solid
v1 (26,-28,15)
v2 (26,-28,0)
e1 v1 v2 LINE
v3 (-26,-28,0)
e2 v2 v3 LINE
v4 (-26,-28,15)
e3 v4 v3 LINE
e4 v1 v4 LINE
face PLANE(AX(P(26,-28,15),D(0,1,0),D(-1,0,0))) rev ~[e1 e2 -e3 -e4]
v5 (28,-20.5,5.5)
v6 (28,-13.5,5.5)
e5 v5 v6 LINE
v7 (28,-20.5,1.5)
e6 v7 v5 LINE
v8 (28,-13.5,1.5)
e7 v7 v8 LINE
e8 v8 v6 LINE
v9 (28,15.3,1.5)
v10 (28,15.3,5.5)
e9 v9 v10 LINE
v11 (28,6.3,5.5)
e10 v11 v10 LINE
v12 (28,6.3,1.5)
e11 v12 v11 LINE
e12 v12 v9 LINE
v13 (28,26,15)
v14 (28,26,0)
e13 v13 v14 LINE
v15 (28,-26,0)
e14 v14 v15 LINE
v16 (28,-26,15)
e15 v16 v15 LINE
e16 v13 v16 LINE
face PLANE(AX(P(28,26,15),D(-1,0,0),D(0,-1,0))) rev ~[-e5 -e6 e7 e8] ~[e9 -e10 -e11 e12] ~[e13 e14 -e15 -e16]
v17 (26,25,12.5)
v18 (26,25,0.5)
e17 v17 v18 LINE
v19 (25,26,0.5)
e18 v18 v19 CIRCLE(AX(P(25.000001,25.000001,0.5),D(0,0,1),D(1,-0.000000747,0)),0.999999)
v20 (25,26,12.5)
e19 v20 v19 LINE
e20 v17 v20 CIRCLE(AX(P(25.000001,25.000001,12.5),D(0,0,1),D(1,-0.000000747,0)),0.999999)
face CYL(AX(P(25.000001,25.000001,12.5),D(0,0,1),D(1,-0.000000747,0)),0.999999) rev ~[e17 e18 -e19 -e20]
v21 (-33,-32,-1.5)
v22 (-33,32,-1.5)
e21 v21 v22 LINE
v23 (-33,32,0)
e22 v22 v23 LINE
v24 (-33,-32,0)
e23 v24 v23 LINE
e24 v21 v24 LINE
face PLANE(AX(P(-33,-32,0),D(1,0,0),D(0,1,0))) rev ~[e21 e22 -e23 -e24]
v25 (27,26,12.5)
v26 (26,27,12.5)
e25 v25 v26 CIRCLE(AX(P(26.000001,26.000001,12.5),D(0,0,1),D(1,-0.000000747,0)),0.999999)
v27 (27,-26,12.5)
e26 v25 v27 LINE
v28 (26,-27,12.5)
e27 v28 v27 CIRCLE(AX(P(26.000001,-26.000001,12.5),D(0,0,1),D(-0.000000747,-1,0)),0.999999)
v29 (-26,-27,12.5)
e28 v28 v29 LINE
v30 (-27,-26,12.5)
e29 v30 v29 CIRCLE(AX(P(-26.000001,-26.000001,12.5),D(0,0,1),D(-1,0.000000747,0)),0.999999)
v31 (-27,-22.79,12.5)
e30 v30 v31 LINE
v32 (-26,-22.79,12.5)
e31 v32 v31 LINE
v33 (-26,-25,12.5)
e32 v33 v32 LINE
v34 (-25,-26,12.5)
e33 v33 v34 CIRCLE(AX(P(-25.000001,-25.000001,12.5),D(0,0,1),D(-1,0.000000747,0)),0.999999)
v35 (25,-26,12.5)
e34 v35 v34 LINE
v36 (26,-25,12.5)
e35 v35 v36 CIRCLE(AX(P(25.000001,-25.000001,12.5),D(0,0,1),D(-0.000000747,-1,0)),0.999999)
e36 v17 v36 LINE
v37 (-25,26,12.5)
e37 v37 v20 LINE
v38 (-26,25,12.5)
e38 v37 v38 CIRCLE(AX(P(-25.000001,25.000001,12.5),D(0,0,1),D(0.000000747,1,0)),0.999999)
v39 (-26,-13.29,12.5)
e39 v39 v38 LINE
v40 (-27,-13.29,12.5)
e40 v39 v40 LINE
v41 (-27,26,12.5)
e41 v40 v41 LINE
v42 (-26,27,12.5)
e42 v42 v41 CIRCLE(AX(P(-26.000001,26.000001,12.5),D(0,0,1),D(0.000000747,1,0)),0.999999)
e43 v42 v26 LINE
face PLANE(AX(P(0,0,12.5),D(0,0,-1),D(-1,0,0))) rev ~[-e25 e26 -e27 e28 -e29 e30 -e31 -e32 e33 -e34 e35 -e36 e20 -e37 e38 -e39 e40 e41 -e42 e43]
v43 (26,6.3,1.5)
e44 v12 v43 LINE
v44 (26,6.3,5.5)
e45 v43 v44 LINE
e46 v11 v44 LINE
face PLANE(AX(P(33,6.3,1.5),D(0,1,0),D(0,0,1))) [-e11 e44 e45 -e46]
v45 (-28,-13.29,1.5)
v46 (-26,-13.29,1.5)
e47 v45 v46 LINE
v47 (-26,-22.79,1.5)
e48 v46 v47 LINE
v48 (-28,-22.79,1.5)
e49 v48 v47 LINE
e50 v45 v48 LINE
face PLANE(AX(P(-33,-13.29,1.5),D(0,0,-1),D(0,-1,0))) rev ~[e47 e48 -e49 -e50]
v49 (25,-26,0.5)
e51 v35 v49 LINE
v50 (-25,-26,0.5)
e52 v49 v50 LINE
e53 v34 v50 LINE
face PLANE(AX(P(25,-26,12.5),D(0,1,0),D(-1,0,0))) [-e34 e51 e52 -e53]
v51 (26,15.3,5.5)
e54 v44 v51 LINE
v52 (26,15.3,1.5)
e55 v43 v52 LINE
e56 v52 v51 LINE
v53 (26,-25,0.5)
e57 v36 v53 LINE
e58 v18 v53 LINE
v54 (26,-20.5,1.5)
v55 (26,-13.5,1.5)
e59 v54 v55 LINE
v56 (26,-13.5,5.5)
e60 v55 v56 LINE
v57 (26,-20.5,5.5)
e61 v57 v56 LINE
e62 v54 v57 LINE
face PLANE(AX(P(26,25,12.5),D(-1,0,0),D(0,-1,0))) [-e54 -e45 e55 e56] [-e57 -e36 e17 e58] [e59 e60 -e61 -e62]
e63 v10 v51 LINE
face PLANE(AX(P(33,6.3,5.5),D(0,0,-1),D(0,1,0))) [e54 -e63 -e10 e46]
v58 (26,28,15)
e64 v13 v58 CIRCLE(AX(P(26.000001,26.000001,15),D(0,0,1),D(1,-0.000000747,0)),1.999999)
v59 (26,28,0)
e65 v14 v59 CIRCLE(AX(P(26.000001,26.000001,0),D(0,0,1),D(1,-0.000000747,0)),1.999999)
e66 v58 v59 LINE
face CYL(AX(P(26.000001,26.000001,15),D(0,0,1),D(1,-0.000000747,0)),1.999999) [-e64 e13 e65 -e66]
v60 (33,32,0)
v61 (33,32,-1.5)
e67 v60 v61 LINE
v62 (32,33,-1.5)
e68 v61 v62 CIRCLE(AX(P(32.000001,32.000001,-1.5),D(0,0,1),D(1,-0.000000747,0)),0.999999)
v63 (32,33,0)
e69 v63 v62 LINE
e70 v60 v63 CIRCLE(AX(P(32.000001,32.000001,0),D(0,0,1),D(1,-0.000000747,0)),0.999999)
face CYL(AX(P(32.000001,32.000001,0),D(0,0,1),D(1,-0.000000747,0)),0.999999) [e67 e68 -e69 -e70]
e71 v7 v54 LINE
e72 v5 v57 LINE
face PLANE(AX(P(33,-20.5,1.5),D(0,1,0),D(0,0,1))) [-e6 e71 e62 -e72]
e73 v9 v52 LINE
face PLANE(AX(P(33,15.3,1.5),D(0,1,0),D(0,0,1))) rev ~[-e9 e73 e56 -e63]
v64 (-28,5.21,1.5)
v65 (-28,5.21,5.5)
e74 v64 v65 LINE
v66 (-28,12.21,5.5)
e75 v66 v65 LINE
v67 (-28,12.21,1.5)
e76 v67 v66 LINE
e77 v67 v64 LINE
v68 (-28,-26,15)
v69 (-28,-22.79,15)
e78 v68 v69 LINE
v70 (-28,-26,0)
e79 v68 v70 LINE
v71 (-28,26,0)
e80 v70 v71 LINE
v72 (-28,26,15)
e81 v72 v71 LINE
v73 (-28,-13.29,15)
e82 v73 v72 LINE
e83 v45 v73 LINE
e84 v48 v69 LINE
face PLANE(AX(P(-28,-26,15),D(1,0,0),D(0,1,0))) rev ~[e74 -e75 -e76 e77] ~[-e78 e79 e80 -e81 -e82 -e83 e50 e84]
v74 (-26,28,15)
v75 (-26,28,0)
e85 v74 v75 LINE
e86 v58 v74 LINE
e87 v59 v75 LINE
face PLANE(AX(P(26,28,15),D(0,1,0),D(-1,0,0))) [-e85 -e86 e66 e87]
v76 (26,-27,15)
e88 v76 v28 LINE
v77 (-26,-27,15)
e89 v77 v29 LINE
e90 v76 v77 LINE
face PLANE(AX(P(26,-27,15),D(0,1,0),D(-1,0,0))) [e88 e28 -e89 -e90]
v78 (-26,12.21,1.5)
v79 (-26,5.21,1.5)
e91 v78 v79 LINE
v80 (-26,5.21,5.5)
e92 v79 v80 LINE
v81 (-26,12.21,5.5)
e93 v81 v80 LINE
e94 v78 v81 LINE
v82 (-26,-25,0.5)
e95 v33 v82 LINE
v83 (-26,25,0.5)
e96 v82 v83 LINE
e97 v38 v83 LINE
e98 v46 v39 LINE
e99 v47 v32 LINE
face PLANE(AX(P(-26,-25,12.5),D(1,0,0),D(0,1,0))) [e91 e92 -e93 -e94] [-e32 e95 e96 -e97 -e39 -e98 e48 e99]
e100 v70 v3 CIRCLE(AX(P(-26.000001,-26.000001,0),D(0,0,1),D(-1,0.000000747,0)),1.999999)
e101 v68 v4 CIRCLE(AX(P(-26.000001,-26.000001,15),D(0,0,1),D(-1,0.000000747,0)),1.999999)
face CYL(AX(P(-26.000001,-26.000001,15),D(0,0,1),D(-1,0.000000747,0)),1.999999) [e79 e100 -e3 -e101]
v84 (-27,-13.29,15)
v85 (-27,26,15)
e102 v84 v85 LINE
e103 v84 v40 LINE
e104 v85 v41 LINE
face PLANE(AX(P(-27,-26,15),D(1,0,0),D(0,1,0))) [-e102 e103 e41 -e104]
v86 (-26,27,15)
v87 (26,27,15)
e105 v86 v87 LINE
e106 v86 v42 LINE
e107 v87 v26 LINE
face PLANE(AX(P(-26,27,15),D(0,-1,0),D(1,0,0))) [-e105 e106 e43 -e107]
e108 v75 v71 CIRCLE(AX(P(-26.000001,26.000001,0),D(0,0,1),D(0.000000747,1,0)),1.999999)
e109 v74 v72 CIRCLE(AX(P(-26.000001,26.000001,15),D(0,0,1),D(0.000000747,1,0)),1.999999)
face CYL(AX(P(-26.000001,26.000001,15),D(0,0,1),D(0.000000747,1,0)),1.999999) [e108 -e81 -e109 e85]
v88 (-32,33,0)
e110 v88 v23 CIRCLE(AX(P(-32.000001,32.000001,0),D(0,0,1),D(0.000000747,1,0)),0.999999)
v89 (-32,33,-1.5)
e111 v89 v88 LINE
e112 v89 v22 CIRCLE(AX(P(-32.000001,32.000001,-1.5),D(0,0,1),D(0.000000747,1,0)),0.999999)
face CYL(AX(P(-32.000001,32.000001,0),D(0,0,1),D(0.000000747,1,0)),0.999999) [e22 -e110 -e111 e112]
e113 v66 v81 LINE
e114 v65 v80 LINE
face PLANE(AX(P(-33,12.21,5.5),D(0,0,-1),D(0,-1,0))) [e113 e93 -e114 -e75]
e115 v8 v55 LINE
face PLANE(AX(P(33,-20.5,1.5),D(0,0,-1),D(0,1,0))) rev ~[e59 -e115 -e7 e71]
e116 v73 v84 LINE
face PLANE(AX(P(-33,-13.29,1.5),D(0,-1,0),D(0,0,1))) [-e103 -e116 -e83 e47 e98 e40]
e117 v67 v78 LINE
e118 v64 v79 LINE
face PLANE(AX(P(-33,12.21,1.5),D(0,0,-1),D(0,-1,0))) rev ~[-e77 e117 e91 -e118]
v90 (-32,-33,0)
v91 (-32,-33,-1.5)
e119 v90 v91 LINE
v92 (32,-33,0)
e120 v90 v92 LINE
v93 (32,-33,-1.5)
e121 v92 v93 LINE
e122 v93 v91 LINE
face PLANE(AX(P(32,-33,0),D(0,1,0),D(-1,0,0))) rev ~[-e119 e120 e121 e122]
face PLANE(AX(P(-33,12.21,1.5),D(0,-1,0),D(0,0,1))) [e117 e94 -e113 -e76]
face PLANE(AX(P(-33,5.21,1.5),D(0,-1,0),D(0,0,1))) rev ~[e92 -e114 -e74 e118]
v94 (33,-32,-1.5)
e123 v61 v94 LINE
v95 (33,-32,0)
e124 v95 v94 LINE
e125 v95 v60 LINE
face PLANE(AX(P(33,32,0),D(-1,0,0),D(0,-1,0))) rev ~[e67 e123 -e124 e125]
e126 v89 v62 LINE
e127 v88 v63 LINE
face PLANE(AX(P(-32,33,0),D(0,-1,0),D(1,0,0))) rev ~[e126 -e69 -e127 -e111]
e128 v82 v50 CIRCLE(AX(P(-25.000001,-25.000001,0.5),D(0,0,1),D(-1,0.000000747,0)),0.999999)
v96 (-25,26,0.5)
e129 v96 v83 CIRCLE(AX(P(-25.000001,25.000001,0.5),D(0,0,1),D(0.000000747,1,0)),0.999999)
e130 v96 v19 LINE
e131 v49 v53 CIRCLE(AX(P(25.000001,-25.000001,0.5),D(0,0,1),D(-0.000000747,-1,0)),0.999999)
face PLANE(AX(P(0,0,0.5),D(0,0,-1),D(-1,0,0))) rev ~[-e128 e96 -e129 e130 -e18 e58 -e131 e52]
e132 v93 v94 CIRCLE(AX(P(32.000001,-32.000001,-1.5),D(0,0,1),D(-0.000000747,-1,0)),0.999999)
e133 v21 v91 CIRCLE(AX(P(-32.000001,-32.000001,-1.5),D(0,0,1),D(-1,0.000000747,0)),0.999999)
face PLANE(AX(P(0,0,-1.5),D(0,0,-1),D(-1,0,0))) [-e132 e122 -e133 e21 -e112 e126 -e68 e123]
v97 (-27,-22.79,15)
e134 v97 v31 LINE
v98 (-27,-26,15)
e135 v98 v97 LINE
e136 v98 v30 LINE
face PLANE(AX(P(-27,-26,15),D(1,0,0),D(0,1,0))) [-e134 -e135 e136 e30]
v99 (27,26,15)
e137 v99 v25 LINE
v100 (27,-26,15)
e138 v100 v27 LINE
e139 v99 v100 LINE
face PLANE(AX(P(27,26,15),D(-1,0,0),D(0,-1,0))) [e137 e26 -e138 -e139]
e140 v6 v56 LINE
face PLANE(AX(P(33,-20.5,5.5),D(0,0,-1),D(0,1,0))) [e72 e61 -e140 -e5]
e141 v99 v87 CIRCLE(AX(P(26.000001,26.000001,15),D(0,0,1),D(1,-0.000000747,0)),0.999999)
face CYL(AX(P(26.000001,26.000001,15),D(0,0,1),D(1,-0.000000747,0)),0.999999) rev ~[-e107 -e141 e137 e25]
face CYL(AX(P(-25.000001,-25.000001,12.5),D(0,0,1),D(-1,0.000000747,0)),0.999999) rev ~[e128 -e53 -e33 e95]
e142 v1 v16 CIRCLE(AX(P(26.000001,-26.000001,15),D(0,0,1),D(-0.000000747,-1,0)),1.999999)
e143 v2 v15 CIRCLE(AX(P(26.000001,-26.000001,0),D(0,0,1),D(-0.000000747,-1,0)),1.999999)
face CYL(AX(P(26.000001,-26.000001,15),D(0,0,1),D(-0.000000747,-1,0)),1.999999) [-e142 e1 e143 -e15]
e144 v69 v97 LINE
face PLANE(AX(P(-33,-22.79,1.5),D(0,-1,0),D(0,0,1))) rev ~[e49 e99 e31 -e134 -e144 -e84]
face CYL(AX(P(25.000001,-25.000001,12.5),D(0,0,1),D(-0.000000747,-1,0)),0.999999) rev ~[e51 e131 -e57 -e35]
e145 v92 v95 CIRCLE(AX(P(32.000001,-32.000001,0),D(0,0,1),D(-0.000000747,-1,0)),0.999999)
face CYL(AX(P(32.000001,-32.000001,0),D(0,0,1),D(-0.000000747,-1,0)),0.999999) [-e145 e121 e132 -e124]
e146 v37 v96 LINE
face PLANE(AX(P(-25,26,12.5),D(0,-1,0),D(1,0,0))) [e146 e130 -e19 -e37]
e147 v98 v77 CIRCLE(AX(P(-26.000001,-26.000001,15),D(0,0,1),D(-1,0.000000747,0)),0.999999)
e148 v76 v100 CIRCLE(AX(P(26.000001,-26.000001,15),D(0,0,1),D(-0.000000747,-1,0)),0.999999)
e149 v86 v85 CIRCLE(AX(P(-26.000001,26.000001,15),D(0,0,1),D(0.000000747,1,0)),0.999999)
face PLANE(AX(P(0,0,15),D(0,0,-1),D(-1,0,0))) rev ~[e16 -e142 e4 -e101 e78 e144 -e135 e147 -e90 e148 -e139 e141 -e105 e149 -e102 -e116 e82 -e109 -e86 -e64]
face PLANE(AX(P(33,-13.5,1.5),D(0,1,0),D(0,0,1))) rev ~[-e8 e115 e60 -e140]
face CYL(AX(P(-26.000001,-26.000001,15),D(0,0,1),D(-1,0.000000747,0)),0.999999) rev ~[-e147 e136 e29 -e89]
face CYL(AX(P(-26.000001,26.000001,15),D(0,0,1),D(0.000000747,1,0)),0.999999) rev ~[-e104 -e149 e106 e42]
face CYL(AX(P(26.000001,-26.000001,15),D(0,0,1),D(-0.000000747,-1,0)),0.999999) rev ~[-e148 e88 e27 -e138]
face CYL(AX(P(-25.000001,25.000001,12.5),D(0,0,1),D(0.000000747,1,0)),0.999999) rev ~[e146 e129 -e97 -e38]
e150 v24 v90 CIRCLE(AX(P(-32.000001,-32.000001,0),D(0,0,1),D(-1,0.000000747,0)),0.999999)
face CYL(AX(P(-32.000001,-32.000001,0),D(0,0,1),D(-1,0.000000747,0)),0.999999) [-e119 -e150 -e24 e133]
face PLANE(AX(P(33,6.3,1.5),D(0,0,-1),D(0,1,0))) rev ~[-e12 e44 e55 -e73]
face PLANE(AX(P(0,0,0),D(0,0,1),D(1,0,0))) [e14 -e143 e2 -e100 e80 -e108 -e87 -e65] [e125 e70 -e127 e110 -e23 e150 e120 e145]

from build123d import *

# Parameters (mm, degrees)
PAD_DEPTH       = 15
PAD_DEPTH_BACK  = 1.5
POCKET_DEPTH    = 2.5
POCKET001_DEPTH = 12
SKETCH003_W     = 9.5
SKETCH003_H     = 13.5
POCKET002_DEPTH = 7
SKETCH004_W     = 7
SKETCH004_H     = 4
POCKET003_DEPTH = 7
SKETCH006_W     = 7
SKETCH006_H     = 4
SKETCH006_W_2   = 9
POCKET004_DEPTH = 7
SKETCH007_W     = 66
SKETCH007_H     = 66
POCKET005_DEPTH = 15


with BuildPart() as part:
    # Sketch → Pad (new body, two sides)
    with BuildSketch(Plane.XY) as pad_sk:
        with BuildLine():
            Line((-32, 33), (32, 33))
            ThreePointArc((33, 32), (32.707107, 32.707107), (32, 33))
            Line((33, 32), (33, -32))
            ThreePointArc((32, -33), (32.707107, -32.707107), (33, -32))
            Line((32, -33), (-32, -33))
            ThreePointArc((-33, -32), (-32.707107, -32.707107), (-32, -33))
            Line((-33, -32), (-33, 32))
            ThreePointArc((-32, 33), (-32.707107, 32.707107), (-33, 32))
        make_face()
    extrude(amount=PAD_DEPTH)
    extrude(pad_sk.sketch, amount=-PAD_DEPTH_BACK)

    # Sketch001 (on Face10 of Pad) → Pocket (cut)
    with BuildSketch(Plane.XY.offset(15)):
        with BuildLine():
            Line((-26, 27), (26, 27))
            ThreePointArc((27, 26), (26.707107, 26.707107), (26, 27))
            Line((27, 26), (27, -26))
            ThreePointArc((26, -27), (26.707107, -26.707107), (27, -26))
            Line((26, -27), (-26, -27))
            ThreePointArc((-27, -26), (-26.707107, -26.707107), (-26, -27))
            Line((-27, -26), (-27, 26))
            ThreePointArc((-26, 27), (-26.707107, 26.707107), (-27, 26))
        make_face()
    extrude(amount=-POCKET_DEPTH, mode=Mode.SUBTRACT)

    # Sketch002 (on Face19 of Pocket) → Pocket001 (cut)
    with BuildSketch(Plane.XY.offset(12.5)):
        with BuildLine():
            Line((-25, 26), (25, 26))
            ThreePointArc((26, 25), (25.707107, 25.707107), (25, 26))
            Line((26, 25), (26, -25))
            ThreePointArc((25, -26), (25.707107, -25.707107), (26, -25))
            Line((25, -26), (-25, -26))
            ThreePointArc((-26, -25), (-25.707107, -25.707107), (-25, -26))
            Line((-26, -25), (-26, 25))
            ThreePointArc((-25, 26), (-25.707107, 25.707107), (-26, 25))
        make_face()
    extrude(amount=-POCKET001_DEPTH, mode=Mode.SUBTRACT)

    # Sketch003 (on Face1 of Pocket001) → Pocket002 (cut)
    with BuildSketch(Plane(origin=(-33, 0, 0), x_dir=(0, -1, 0), z_dir=(-1, 0, 0))):
        with Locations((18.04, 8.25)):
            Rectangle(SKETCH003_W, SKETCH003_H)
    extrude(amount=-POCKET002_DEPTH, mode=Mode.SUBTRACT)

    # Sketch004 (on Face1 of Pocket002) → Pocket003 (cut)
    with BuildSketch(Plane(origin=(-33, 0, 0), x_dir=(0, -1, 0), z_dir=(-1, 0, 0))):
        with Locations((-8.71, 3.5)):
            Rectangle(SKETCH004_W, SKETCH004_H)
    extrude(amount=-POCKET003_DEPTH, mode=Mode.SUBTRACT)

    # Sketch006 (on Face15 of Pocket003) → Pocket004 (cut)
    with BuildSketch(Plane.YZ.offset(33)):
        with Locations((-17, 3.5)):
            Rectangle(SKETCH006_W, SKETCH006_H)
        with Locations((10.8, 3.5)):
            Rectangle(SKETCH006_W_2, SKETCH006_H)
    extrude(amount=-POCKET004_DEPTH, mode=Mode.SUBTRACT)

    # Sketch007 (on Face5 of Pocket004) → Pocket005 (cut)
    with BuildSketch(Plane.XY.offset(15)):
        Rectangle(SKETCH007_W, SKETCH007_H)
        with BuildLine():
            Line((28, 26), (28, -26))
            ThreePointArc((26, -28), (27.414214, -27.414214), (28, -26))
            Line((26, -28), (-26, -28))
            ThreePointArc((-28, -26), (-27.414214, -27.414214), (-26, -28))
            Line((-28, -26), (-28, 26))
            ThreePointArc((-26, 28), (-27.414214, 27.414214), (-28, 26))
            Line((26, 28), (-26, 28))
            ThreePointArc((28, 26), (27.414214, 27.414214), (26, 28))
        make_face(mode=Mode.SUBTRACT)
    extrude(amount=-POCKET005_DEPTH, mode=Mode.SUBTRACT)


solid = part.part
